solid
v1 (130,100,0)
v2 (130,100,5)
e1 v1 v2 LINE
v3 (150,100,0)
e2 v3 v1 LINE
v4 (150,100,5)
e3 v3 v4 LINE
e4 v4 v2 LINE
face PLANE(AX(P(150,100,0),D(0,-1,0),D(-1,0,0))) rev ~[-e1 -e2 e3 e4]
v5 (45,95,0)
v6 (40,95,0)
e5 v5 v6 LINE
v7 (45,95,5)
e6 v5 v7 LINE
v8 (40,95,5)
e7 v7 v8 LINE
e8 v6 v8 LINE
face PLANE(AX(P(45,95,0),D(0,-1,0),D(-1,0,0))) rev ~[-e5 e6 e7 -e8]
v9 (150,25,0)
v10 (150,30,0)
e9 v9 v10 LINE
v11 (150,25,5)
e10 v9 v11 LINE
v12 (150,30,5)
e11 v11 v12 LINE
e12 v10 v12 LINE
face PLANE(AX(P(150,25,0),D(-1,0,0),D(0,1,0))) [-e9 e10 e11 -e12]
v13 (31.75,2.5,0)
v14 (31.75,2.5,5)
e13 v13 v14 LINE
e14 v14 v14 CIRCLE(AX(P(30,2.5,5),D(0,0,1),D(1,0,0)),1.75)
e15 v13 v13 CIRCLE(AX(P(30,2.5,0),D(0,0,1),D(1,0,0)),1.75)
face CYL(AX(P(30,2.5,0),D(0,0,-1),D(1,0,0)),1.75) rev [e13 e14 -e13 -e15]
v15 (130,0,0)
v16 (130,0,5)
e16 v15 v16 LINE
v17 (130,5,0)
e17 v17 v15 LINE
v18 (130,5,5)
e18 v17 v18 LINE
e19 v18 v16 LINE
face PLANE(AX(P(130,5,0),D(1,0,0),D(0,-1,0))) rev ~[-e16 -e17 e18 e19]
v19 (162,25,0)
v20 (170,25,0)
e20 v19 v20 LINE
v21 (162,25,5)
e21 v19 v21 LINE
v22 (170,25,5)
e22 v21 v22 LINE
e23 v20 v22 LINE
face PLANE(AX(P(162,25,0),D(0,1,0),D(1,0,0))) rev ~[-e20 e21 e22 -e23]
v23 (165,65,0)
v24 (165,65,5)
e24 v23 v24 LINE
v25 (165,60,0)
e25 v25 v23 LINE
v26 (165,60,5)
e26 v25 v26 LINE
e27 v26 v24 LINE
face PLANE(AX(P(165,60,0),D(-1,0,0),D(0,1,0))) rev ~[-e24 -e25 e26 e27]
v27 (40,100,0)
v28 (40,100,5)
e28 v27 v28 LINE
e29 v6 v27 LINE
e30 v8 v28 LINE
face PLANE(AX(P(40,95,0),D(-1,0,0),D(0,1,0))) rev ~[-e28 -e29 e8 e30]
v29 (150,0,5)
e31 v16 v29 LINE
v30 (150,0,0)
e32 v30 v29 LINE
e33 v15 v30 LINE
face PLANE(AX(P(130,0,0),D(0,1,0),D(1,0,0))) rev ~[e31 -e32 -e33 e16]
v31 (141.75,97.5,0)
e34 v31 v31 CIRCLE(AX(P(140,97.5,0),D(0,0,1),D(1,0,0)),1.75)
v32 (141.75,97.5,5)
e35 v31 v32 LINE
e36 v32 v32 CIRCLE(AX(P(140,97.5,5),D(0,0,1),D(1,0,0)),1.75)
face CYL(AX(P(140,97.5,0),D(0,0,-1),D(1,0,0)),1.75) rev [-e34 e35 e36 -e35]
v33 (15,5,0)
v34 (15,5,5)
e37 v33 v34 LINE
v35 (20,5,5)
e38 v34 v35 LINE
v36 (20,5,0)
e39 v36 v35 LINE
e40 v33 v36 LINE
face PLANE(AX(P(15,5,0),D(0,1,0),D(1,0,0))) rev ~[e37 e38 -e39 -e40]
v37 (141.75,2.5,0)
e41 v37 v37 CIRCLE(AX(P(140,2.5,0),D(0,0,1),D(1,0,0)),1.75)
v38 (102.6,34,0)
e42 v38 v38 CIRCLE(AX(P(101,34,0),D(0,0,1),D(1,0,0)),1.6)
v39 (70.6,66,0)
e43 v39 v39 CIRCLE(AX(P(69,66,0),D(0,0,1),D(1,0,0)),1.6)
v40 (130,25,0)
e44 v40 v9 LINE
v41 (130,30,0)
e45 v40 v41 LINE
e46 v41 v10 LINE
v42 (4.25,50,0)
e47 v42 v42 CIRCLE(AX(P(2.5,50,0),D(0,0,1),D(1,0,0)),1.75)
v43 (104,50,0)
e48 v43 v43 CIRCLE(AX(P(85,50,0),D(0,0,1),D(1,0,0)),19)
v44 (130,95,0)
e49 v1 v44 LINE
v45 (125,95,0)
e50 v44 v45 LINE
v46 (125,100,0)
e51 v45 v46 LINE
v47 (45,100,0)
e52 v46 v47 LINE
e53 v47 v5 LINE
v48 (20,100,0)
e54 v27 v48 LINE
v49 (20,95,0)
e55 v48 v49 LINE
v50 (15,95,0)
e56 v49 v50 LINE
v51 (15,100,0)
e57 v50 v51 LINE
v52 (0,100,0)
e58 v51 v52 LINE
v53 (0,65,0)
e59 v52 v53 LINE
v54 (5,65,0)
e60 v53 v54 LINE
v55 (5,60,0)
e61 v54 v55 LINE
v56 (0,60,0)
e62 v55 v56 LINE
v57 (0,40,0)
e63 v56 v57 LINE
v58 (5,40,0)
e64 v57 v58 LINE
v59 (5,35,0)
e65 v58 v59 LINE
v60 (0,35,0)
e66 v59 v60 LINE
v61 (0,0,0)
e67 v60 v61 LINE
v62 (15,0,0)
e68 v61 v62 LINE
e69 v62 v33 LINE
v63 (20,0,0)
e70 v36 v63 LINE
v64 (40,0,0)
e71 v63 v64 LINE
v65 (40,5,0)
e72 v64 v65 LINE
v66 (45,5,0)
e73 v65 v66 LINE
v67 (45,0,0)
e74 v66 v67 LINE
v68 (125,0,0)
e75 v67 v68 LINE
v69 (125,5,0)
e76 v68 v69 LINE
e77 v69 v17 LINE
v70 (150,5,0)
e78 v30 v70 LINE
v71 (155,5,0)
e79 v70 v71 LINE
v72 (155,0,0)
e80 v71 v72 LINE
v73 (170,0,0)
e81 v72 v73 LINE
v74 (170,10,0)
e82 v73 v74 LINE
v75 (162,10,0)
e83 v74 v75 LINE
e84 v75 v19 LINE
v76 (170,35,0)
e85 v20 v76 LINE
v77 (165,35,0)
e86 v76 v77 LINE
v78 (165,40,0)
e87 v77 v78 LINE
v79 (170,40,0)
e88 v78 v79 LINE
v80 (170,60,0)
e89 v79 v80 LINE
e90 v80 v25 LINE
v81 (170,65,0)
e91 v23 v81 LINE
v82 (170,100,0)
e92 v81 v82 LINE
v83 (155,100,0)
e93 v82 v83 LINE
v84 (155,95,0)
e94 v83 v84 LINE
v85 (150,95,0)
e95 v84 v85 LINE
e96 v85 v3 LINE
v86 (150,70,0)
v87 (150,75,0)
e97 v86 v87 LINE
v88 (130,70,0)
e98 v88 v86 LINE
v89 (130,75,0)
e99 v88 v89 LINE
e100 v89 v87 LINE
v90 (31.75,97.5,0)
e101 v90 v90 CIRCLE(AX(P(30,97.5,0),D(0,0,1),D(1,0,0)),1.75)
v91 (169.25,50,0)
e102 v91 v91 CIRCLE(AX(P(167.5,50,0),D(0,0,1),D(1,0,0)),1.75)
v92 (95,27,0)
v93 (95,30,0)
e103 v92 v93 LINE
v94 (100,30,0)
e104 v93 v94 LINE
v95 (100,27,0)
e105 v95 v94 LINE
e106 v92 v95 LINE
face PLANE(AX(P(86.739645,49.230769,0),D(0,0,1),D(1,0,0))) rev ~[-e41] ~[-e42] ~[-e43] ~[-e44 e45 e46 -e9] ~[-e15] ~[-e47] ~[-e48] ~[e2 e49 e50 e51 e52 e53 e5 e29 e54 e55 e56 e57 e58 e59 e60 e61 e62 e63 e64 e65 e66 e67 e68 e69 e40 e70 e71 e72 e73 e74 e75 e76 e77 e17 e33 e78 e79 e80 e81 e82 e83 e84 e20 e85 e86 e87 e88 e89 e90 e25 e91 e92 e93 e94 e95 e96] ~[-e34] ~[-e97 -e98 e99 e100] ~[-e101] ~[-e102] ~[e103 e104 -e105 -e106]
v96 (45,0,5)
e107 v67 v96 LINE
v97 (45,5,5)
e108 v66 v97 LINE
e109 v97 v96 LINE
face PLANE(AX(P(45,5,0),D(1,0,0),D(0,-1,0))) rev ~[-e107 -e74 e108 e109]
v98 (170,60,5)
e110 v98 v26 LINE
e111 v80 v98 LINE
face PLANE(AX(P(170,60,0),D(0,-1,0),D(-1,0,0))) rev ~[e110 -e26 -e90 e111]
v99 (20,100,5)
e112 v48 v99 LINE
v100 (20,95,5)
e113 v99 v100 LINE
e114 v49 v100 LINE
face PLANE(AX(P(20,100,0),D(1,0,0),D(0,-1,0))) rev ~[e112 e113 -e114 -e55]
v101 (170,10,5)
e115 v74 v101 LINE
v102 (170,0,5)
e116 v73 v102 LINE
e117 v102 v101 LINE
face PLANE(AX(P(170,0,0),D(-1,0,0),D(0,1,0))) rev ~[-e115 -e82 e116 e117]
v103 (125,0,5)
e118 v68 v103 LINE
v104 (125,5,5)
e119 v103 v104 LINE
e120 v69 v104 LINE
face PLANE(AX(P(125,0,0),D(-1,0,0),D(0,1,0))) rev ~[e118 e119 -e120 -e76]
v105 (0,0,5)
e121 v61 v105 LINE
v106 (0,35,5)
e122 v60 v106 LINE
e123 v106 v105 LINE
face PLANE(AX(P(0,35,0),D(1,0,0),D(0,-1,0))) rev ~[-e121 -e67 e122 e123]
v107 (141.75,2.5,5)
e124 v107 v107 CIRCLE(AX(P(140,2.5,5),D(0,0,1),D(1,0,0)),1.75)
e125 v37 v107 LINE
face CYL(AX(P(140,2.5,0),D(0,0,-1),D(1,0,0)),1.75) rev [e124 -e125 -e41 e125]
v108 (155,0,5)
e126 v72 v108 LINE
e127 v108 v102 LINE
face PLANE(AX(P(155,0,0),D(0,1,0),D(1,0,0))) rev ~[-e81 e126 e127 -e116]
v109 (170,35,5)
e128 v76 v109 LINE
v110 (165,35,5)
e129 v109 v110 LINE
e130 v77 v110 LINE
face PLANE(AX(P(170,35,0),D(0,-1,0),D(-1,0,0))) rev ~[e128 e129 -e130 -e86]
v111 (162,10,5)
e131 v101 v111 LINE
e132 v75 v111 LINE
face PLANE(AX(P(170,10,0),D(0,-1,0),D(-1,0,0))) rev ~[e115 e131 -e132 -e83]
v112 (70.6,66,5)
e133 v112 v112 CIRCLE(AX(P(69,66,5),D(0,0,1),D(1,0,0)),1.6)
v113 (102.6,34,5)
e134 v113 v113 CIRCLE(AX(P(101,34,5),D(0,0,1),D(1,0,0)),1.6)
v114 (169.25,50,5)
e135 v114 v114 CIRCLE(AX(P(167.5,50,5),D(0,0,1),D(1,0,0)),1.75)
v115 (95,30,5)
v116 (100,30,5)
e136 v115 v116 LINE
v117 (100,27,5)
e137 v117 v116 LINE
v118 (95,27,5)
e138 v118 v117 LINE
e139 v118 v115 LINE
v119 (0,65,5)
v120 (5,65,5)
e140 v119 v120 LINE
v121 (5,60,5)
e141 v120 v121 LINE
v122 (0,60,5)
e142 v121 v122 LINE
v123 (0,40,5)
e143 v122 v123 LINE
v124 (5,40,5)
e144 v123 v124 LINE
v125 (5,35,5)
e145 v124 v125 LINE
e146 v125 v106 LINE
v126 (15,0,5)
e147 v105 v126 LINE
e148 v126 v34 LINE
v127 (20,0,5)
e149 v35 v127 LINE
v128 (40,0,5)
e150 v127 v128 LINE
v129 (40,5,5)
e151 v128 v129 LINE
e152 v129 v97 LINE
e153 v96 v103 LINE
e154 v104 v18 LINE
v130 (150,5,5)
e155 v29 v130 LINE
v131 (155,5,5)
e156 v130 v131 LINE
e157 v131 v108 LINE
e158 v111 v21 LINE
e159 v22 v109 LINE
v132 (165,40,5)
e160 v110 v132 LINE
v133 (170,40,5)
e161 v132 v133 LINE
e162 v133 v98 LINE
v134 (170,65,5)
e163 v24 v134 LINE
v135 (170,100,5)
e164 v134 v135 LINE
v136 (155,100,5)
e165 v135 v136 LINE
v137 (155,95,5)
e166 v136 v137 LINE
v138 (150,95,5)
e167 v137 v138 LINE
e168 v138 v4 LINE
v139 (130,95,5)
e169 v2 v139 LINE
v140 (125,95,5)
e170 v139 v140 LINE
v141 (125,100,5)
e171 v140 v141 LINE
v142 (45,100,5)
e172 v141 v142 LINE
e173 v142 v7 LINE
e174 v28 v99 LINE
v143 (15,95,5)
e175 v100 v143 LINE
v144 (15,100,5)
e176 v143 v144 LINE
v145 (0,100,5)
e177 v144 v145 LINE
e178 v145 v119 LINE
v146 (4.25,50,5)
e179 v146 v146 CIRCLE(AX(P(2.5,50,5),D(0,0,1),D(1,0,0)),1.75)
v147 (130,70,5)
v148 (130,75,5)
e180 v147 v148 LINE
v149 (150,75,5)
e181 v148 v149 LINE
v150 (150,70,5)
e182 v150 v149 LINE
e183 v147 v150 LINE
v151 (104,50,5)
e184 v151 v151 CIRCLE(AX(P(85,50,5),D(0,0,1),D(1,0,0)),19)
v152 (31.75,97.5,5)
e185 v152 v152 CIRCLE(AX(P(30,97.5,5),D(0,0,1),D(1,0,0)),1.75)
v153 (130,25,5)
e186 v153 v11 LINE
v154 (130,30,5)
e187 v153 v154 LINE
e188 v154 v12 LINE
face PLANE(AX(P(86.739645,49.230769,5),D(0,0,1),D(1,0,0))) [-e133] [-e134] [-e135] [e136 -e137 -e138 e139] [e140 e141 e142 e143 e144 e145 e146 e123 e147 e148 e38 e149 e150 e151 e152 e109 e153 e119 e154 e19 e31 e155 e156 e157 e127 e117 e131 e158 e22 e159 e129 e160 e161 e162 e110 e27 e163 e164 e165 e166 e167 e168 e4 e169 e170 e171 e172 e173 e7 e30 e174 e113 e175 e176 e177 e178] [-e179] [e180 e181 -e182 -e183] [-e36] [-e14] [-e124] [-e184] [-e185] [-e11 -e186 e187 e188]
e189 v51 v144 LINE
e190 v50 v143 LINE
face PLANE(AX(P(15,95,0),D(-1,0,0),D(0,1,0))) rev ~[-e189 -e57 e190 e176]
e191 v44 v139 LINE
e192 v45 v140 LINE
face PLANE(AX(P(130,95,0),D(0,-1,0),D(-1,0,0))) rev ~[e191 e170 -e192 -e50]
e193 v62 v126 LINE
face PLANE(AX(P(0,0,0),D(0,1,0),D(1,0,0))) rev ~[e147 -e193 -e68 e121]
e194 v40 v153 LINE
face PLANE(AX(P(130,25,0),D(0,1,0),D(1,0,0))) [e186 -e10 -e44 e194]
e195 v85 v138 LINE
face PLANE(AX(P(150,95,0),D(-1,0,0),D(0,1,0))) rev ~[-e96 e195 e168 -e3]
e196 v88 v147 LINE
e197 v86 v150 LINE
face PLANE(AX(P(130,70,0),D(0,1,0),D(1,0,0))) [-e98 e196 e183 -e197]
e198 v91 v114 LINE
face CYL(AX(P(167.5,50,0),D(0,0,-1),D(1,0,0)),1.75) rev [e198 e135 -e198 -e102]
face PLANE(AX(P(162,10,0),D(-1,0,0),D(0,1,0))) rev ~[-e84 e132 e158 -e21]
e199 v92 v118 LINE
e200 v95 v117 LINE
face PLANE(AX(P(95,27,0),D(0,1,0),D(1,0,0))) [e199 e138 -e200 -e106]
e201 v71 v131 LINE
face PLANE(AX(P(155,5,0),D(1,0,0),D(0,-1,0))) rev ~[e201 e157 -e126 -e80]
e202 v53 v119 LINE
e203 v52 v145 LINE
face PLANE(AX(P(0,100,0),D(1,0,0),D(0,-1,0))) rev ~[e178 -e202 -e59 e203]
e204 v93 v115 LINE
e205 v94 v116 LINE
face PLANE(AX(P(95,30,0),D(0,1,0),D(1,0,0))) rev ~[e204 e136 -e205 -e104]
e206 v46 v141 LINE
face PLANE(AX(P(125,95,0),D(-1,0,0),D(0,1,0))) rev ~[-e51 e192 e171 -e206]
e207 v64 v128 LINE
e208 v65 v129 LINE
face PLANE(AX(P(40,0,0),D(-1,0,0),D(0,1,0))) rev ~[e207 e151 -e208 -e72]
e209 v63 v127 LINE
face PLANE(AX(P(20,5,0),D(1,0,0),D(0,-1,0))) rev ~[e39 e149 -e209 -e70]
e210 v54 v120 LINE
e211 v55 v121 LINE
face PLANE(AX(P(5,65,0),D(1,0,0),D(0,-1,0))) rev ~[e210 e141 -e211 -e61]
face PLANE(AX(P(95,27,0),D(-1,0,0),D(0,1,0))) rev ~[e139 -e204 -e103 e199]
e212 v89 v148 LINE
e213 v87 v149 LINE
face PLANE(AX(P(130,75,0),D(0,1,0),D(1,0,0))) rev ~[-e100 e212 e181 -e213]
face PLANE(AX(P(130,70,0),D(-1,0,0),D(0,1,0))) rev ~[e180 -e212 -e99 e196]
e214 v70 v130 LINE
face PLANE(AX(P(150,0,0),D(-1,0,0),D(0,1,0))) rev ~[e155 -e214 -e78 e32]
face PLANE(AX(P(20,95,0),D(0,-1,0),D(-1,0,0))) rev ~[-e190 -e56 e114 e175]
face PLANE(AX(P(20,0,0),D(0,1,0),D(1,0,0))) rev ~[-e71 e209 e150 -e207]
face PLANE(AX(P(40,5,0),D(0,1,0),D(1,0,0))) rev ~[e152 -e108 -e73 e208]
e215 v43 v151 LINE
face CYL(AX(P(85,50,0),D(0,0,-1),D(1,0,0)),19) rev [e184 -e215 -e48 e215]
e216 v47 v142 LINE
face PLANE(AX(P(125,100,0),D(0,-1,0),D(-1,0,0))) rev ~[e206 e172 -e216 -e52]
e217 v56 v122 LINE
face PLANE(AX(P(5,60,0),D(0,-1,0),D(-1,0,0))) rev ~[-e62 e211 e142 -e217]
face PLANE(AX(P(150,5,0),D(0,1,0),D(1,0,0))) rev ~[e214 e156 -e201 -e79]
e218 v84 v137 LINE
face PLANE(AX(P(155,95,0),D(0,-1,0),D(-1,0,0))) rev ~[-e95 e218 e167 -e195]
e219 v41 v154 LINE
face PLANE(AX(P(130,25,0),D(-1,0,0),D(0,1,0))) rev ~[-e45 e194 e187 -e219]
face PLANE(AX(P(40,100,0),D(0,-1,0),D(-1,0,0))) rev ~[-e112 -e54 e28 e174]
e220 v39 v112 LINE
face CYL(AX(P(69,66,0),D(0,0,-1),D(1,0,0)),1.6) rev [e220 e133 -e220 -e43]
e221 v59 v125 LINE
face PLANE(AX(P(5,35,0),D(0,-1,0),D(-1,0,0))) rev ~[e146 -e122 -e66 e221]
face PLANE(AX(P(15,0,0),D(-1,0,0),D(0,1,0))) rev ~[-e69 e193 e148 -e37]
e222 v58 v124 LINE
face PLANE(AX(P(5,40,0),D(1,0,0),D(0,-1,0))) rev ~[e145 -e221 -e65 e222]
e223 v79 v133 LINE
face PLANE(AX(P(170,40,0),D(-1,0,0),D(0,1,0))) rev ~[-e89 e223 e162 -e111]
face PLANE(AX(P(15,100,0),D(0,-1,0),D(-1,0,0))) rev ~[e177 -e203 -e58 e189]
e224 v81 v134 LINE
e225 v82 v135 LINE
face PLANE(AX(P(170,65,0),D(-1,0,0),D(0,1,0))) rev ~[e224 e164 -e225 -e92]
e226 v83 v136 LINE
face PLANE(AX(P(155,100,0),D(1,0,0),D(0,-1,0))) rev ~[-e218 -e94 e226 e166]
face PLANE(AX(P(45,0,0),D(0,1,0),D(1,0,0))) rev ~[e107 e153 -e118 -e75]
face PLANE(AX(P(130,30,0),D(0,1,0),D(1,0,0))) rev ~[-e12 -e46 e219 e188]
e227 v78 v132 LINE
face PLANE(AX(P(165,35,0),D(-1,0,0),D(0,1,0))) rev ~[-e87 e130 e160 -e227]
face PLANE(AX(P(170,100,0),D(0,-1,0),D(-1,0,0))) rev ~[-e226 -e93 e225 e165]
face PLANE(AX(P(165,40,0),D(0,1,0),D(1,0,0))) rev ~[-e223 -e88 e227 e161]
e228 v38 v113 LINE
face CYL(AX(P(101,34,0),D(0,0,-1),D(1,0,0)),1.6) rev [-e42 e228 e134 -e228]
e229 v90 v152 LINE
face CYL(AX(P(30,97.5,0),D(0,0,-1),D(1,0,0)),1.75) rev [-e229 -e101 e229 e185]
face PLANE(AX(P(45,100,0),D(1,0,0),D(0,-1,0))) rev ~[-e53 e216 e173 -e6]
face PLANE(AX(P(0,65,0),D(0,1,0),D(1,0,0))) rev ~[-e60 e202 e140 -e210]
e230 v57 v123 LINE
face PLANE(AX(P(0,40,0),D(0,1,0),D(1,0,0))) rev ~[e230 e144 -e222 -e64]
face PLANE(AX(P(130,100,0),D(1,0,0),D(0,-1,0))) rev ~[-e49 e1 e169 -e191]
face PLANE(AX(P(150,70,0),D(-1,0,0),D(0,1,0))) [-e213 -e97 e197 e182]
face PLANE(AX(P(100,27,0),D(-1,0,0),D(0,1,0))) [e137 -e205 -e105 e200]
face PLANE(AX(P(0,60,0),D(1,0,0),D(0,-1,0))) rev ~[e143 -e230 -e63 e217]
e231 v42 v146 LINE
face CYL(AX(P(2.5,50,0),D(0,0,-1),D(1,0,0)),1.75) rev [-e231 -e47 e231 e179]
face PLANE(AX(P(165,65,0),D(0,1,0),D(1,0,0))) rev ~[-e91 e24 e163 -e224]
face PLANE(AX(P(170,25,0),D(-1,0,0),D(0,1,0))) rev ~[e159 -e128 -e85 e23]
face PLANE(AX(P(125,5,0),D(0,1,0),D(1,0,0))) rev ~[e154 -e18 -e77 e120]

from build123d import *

# Parameters (mm, degrees)
F0_R     = 1.75
F0_W     = 5
F0_H     = 3
F0_R_2   = 1.6
F0_W_2   = 20
F0_H_2   = 5
F0_R_3   = 19
F1_DEPTH = 5


with BuildPart() as f1:
    # F0 (on Top) → F1 (new body)
    with BuildSketch(Plane.XY):
        Polygon((15, 100), (0, 100), (0, 65), (5, 65), (5, 60), (0, 60), (0, 40), (5, 40), (5, 35), (0, 35), (0, 0), (15, 0), (15, 5), (20, 5), (20, 0), (40, 0), (40, 5), (45, 5), (45, 0), (125, 0), (125, 5), (130, 5), (130, 0), (150, 0), (150, 5), (155, 5), (155, 0), (170, 0), (170, 10), (162, 10), (162, 25), (170, 25), (170, 35), (165, 35), (165, 40), (170, 40), (170, 60), (165, 60), (165, 65), (170, 65), (170, 100), (155, 100), (155, 95), (150, 95), (150, 100), (130, 100), (130, 95), (125, 95), (125, 100), (45, 100), (45, 95), (40, 95), (40, 100), (20, 100), (20, 95), (15, 95), align=None)
        with Locations((30, 2.5)):
            Circle(F0_R, mode=Mode.SUBTRACT)
        with Locations((140, 2.5)):
            Circle(F0_R, mode=Mode.SUBTRACT)
        with Locations((97.5, 28.5)):
            Rectangle(F0_W, F0_H, mode=Mode.SUBTRACT)
        with Locations((101, 34)):
            Circle(F0_R_2, mode=Mode.SUBTRACT)
        with Locations((140, 27.5)):
            Rectangle(F0_W_2, F0_H_2, mode=Mode.SUBTRACT)
        with Locations((2.5, 50)):
            Circle(F0_R, mode=Mode.SUBTRACT)
        with Locations((69, 66)):
            Circle(F0_R_2, mode=Mode.SUBTRACT)
        with Locations((30, 97.5)):
            Circle(F0_R, mode=Mode.SUBTRACT)
        with Locations((85, 50)):
            Circle(F0_R_3, mode=Mode.SUBTRACT)
        with Locations((167.5, 50)):
            Circle(F0_R, mode=Mode.SUBTRACT)
        with Locations((140, 72.5)):
            Rectangle(F0_W_2, F0_H_2, mode=Mode.SUBTRACT)
        with Locations((140, 97.5)):
            Circle(F0_R, mode=Mode.SUBTRACT)
    extrude(amount=F1_DEPTH)


solid = f1.part
